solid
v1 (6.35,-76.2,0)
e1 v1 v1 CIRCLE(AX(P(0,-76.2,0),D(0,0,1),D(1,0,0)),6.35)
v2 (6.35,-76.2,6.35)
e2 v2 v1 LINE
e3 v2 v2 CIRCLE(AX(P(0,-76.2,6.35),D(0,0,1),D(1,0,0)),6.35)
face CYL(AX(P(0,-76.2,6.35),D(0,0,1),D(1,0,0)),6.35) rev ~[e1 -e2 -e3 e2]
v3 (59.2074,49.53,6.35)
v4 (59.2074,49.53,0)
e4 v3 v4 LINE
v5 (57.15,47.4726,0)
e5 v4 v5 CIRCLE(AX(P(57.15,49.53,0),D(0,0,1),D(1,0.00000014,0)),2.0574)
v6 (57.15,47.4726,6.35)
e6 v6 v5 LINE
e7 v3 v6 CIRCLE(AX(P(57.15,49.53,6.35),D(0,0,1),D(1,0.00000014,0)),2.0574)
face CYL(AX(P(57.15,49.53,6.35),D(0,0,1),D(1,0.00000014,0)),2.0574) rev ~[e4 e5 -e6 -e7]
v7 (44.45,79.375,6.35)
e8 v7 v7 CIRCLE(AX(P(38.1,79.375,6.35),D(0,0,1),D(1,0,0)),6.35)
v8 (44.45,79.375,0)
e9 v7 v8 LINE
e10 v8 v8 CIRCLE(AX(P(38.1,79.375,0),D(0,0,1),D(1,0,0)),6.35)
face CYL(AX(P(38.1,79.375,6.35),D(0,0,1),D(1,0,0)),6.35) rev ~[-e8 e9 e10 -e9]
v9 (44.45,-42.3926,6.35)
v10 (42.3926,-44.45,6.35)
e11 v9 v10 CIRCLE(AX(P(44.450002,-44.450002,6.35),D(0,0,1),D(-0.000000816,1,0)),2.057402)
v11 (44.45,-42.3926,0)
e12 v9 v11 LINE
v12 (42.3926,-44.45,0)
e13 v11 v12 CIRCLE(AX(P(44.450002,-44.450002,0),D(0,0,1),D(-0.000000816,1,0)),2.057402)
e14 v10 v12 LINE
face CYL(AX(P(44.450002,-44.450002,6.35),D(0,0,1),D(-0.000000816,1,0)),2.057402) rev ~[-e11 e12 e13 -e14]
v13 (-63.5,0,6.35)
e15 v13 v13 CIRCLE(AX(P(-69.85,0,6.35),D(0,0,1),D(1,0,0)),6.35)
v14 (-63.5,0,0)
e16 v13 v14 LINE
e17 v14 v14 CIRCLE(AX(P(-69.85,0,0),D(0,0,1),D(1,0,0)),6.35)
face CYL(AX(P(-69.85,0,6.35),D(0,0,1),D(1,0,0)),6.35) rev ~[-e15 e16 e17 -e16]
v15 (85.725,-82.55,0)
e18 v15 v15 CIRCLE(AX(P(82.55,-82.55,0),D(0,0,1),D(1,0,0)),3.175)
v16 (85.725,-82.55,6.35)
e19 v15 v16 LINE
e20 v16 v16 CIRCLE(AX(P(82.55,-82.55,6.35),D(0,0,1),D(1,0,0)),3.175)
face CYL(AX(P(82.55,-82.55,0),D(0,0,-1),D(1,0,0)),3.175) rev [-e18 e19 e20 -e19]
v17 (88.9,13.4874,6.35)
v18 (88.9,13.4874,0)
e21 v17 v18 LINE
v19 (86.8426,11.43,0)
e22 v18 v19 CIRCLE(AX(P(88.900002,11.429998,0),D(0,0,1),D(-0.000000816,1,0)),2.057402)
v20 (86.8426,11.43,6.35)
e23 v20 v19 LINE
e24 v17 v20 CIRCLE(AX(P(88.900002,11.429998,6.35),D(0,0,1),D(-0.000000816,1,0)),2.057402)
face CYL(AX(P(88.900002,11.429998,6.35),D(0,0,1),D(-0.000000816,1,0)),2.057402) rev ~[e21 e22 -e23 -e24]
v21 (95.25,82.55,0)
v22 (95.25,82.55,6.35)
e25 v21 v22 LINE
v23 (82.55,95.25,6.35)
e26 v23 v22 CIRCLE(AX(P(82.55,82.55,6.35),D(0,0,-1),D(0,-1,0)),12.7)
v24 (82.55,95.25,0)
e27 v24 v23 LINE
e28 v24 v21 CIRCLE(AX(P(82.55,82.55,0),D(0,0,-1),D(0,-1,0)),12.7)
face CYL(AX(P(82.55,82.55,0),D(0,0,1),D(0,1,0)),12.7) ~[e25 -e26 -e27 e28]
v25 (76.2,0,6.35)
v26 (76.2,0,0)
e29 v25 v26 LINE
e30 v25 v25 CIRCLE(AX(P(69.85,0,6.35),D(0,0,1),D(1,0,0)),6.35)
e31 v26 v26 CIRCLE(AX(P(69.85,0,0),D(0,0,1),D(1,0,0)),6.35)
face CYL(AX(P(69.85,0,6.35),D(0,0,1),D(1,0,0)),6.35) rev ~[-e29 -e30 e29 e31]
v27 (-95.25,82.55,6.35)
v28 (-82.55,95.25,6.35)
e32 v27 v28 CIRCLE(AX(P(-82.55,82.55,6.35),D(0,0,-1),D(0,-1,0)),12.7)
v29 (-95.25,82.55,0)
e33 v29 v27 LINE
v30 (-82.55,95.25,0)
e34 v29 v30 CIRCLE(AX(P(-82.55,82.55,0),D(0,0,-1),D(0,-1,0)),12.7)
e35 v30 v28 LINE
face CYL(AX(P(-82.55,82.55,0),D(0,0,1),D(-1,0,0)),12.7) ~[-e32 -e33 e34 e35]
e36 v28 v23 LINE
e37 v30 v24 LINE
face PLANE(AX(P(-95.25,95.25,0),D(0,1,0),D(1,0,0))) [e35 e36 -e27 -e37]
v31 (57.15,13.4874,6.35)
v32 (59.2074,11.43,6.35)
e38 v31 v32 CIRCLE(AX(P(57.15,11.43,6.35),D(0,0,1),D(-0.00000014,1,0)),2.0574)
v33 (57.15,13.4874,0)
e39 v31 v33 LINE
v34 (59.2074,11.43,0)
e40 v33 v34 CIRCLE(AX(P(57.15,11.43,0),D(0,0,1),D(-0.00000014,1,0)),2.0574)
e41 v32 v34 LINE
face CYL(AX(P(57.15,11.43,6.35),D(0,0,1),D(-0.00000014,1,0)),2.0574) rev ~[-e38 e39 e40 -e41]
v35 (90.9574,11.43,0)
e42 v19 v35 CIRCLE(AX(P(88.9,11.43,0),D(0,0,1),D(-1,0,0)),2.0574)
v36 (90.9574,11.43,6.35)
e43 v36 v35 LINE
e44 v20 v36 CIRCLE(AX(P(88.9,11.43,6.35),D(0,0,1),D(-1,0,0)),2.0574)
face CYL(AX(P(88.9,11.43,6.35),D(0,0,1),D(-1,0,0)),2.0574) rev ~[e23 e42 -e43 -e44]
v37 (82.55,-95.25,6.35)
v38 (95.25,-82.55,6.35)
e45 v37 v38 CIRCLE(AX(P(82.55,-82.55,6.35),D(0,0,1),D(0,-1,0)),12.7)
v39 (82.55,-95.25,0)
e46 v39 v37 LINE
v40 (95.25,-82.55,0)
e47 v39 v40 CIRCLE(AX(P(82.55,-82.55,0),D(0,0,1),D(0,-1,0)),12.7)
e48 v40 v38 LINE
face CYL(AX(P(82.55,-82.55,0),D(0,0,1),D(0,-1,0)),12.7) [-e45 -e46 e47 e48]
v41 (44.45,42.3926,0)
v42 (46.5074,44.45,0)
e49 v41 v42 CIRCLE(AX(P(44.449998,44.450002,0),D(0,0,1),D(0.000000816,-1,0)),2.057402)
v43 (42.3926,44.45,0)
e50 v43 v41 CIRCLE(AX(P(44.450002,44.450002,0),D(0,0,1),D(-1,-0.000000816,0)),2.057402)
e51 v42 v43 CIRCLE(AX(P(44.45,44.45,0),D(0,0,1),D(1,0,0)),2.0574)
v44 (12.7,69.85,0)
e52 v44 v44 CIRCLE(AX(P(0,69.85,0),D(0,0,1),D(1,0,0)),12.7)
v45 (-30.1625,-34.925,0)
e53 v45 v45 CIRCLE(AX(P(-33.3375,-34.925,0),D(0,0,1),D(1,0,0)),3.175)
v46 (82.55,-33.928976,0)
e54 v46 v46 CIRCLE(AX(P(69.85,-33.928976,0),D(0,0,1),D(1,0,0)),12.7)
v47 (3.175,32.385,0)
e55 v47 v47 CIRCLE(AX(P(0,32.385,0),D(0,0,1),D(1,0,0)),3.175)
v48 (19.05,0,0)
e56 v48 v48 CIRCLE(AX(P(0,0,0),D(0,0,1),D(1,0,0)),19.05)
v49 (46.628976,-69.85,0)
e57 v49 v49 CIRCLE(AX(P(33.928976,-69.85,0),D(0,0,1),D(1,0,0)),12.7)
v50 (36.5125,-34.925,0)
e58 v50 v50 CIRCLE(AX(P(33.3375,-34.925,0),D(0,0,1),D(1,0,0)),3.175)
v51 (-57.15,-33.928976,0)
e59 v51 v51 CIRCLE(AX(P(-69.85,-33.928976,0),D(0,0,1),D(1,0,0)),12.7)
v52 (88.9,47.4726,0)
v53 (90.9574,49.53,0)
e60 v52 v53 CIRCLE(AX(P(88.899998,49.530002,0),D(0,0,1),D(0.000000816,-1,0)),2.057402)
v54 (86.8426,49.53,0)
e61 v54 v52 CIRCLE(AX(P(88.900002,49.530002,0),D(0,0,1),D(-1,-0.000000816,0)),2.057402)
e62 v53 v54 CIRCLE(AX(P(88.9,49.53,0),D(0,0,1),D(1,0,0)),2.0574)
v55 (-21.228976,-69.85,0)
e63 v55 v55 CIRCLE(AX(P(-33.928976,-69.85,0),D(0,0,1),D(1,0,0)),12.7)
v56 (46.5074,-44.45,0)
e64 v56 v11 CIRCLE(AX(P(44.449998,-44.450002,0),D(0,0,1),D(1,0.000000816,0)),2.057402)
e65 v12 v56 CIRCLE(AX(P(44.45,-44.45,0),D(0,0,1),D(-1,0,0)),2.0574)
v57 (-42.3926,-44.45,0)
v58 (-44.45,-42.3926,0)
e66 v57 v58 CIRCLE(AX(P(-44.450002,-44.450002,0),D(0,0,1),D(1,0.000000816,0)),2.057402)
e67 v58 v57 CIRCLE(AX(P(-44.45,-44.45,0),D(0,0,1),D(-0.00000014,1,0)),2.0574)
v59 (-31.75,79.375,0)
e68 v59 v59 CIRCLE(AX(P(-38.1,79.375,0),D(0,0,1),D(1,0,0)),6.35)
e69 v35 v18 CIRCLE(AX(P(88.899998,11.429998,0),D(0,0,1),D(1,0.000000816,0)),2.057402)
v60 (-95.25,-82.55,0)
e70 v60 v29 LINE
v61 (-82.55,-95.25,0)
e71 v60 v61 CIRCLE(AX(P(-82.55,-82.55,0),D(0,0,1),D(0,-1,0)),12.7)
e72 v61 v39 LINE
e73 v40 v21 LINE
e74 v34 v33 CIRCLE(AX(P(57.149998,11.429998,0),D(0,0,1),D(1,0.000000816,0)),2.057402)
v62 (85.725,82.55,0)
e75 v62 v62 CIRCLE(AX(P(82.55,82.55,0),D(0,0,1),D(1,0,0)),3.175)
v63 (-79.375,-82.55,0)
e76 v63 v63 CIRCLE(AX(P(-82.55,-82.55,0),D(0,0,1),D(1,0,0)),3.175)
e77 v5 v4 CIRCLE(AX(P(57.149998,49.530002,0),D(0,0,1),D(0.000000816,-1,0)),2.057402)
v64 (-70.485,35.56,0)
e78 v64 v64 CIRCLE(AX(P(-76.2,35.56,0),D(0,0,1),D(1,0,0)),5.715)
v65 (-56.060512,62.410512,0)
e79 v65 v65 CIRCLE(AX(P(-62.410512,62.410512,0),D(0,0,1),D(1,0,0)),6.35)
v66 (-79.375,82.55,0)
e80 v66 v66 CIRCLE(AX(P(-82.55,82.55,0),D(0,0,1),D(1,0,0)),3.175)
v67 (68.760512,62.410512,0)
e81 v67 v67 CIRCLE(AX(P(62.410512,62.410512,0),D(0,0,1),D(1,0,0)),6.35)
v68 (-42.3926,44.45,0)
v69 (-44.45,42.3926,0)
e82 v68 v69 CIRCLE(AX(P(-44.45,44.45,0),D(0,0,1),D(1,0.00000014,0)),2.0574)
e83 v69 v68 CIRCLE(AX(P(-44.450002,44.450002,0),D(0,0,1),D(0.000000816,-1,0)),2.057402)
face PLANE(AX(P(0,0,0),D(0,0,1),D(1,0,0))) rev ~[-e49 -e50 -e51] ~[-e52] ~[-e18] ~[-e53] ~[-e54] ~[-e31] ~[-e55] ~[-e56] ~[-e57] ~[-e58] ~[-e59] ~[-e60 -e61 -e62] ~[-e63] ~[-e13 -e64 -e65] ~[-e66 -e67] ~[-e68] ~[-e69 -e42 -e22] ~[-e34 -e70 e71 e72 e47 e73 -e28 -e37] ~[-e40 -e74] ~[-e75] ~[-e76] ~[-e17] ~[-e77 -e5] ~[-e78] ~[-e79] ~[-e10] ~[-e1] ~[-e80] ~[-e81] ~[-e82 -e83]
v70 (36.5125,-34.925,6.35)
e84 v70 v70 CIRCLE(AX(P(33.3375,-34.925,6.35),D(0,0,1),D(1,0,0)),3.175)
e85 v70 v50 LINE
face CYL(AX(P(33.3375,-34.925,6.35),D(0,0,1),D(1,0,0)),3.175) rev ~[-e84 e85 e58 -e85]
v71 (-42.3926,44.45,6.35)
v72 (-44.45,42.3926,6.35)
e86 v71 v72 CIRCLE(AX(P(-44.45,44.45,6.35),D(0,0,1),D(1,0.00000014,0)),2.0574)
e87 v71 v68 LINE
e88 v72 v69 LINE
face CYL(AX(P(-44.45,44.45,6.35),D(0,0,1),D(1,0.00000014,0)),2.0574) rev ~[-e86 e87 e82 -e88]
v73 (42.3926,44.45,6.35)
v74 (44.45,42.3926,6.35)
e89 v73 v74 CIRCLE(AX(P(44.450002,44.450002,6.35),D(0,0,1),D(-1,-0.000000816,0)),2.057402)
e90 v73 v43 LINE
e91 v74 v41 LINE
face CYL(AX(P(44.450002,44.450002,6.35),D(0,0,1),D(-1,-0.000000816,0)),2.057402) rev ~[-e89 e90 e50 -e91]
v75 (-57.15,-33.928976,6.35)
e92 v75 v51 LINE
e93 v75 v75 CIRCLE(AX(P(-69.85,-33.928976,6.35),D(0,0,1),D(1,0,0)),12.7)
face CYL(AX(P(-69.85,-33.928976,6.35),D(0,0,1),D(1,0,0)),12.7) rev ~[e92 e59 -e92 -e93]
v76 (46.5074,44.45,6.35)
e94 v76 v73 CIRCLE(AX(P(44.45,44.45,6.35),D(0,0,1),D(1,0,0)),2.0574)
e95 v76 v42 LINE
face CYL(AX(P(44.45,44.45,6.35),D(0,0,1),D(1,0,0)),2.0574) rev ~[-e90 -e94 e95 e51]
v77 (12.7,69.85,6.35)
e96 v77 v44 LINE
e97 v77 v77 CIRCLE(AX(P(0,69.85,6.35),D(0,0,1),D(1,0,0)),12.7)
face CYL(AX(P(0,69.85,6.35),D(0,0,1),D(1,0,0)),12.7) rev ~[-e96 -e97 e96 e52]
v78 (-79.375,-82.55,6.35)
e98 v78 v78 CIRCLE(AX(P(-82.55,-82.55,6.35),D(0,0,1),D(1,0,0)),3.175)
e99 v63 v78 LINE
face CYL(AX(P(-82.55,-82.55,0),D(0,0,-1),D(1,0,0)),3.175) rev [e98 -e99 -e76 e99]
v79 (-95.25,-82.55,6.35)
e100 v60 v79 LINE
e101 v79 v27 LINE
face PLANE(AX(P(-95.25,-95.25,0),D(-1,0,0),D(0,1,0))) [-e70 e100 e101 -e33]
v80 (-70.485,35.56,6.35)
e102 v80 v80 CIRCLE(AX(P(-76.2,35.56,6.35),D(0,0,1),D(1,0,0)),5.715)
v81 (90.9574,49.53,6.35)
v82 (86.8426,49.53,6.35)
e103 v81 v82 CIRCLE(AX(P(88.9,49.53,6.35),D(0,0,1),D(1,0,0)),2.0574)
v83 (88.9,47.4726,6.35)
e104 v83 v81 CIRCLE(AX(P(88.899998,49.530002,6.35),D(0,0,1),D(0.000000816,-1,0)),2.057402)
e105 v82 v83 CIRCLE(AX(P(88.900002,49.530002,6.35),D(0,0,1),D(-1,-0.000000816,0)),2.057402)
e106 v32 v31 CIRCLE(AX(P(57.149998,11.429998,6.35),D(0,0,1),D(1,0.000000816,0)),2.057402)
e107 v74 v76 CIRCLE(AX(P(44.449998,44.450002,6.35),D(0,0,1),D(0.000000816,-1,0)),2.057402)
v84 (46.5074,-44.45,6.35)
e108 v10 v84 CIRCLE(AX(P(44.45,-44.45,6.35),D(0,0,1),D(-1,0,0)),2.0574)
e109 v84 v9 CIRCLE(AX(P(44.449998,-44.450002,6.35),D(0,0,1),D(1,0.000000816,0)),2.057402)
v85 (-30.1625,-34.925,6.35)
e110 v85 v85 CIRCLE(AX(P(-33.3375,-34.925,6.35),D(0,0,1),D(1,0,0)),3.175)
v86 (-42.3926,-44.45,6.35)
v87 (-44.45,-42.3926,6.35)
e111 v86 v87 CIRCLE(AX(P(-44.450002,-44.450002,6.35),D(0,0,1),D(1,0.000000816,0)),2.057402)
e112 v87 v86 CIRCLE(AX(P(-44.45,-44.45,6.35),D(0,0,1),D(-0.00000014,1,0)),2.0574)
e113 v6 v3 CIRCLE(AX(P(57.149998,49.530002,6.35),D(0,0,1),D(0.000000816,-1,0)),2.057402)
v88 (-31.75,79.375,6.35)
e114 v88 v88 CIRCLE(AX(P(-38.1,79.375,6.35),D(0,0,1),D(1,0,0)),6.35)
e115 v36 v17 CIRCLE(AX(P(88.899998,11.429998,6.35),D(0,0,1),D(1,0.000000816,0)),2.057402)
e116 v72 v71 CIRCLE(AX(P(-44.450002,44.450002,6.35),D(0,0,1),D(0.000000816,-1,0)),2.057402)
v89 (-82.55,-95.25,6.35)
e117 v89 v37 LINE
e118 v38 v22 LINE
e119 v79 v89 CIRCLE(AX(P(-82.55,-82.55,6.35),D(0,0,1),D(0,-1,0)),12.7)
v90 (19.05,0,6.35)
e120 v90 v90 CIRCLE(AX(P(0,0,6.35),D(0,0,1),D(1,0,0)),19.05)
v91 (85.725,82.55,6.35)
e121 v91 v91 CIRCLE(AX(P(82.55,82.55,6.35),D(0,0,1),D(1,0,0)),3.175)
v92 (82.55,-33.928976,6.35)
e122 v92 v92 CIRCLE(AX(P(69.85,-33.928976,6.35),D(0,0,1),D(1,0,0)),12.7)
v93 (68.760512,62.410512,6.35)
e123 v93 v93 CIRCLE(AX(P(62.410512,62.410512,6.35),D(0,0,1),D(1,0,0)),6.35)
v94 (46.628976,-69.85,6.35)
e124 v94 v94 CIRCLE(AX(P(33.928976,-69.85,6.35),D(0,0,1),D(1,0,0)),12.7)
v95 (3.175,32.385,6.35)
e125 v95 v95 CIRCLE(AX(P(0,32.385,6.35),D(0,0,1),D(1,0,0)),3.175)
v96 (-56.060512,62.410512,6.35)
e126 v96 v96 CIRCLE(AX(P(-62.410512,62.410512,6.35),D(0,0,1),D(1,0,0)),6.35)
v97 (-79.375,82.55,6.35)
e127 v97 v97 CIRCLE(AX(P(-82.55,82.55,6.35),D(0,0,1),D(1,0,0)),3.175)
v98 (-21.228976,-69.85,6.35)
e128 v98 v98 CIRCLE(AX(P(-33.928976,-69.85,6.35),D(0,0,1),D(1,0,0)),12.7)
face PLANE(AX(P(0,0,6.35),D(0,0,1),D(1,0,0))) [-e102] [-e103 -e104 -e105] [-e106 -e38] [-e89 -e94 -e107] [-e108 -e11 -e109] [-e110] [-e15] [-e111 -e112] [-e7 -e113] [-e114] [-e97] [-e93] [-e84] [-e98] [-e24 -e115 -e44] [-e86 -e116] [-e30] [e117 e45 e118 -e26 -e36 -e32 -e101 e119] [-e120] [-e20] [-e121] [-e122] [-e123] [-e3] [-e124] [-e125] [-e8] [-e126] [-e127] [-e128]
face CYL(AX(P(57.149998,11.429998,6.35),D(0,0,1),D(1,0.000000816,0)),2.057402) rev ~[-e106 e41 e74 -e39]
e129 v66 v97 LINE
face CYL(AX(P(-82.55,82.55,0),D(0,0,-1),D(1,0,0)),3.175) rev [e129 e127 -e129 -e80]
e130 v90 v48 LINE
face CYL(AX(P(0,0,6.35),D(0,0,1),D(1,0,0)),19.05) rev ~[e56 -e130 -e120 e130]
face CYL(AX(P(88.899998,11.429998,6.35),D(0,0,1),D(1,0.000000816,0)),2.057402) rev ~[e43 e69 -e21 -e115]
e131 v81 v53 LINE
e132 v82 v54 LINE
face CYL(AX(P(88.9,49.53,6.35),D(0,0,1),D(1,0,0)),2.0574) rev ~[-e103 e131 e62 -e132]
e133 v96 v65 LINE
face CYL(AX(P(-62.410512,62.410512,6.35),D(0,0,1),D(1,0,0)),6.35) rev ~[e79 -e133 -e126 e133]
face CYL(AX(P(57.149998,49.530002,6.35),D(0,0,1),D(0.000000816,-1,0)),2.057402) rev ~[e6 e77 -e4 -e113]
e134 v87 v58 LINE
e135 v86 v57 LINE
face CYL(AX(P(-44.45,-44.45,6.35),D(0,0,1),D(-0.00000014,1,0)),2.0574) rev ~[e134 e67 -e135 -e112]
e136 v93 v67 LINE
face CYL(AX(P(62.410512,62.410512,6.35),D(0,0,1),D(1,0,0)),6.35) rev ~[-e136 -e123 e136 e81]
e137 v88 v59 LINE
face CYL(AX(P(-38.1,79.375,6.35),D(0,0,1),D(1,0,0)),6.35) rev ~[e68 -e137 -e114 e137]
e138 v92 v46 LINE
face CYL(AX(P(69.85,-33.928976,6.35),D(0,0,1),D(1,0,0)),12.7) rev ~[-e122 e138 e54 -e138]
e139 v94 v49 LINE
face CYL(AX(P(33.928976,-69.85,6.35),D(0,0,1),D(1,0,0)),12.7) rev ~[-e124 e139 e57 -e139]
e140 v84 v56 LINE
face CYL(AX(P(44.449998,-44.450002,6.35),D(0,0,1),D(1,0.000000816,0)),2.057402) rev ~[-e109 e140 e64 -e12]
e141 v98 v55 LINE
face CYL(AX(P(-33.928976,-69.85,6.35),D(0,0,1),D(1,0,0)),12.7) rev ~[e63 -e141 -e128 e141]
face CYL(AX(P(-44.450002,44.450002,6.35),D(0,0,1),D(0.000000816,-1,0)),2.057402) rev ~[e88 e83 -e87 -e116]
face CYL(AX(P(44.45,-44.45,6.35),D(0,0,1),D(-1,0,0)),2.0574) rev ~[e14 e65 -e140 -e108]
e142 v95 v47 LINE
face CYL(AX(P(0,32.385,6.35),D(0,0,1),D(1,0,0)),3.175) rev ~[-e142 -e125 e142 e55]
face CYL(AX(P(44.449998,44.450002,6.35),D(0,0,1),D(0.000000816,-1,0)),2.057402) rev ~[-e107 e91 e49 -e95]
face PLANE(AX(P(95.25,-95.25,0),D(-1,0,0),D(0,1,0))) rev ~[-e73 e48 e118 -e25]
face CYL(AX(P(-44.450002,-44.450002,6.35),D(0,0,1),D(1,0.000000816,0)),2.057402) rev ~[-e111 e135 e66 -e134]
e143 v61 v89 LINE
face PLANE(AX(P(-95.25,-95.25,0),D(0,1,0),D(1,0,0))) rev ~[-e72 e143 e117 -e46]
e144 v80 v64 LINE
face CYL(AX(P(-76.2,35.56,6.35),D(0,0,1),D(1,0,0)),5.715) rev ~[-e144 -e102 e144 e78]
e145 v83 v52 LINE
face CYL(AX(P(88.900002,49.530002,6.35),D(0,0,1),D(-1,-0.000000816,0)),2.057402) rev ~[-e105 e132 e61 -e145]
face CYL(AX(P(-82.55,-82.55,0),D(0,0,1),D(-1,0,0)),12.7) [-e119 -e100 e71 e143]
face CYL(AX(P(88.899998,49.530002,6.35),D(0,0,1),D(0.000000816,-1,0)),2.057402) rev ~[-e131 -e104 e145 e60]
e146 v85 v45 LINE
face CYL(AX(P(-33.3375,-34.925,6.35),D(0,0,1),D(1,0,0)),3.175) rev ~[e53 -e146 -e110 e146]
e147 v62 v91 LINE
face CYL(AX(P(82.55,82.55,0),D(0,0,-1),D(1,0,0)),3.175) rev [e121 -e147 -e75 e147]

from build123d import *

# Parameters (mm, degrees)
F0_W      = 190.5
F0_H      = 190.5
F0_R      = 3.175
F1_DEPTH  = 6.35
F3_DEPTH  = 6.351
F5_DEPTH  = 6.351
F6_R      = 3.175
F6_R_2    = 19.05
F7_DEPTH  = 6.351
F8_R      = 12.7
F9_R      = 6.35
F9_R_2    = 12.7
F10_DEPTH = 6.351
F11_R     = 12.7
F12_DEPTH = 6.351
F13_R     = 5.715
F13_R_2   = 6.35
F14_DEPTH = 6.351


with BuildPart() as f1:
    # F0 (on Top) → F1 (new body)
    with BuildSketch(Plane.XY):
        Rectangle(F0_W, F0_H)
        with Locations((-82.55, -82.55)):
            Circle(F0_R, mode=Mode.SUBTRACT)
        with Locations((82.55, -82.55)):
            Circle(F0_R, mode=Mode.SUBTRACT)
        with Locations((-82.55, 82.55)):
            Circle(F0_R, mode=Mode.SUBTRACT)
        with Locations((82.55, 82.55)):
            Circle(F0_R, mode=Mode.SUBTRACT)
    extrude(amount=F1_DEPTH)

    # F2 (on face) → F3 (cut, through all)
    with BuildSketch(Plane.XY.offset(6.35)):
        with BuildLine():
            Line((57.15, 47.4726), (57.15, 49.53))
            Line((57.15, 49.53), (59.2074, 49.53))
            ThreePointArc((59.2074, 49.53), (55.695199, 50.984801), (57.15, 47.4726))
        make_face()
        with BuildLine():
            Line((59.2074, 49.53), (57.15, 49.53))
            Line((57.15, 49.53), (57.15, 47.4726))
            ThreePointArc((57.15, 47.4726), (58.604801, 48.075199), (59.2074, 49.53))
        make_face()
        with BuildLine():
            Line((88.9, 49.53), (86.8426, 49.53))
            ThreePointArc((86.8426, 49.53), (87.445199, 48.075199), (88.9, 47.4726))
            Line((88.9, 47.4726), (88.9, 49.53))
        make_face()
        with BuildLine():
            ThreePointArc((90.9574, 49.53), (88.9, 51.5874), (86.8426, 49.53))
            Line((86.8426, 49.53), (88.9, 49.53))
            Line((88.9, 49.53), (88.9, 47.4726))
            ThreePointArc((88.9, 47.4726), (90.354801, 48.075199), (90.9574, 49.53))
        make_face()
        with BuildLine():
            ThreePointArc((59.2074, 11.43), (58.604801, 12.884801), (57.15, 13.4874))
            Line((57.15, 13.4874), (57.15, 11.43))
            Line((57.15, 11.43), (59.2074, 11.43))
        make_face()
        with BuildLine():
            Line((57.15, 11.43), (57.15, 13.4874))
            ThreePointArc((57.15, 13.4874), (55.695199, 9.975199), (59.2074, 11.43))
            Line((59.2074, 11.43), (57.15, 11.43))
        make_face()
        with BuildLine():
            Line((88.9, 11.43), (88.9, 13.4874))
            ThreePointArc((88.9, 13.4874), (87.445199, 12.884801), (86.8426, 11.43))
            Line((86.8426, 11.43), (88.9, 11.43))
        make_face()
        with BuildLine():
            ThreePointArc((90.9574, 11.43), (90.354801, 12.884801), (88.9, 13.4874))
            Line((88.9, 13.4874), (88.9, 11.43))
            Line((88.9, 11.43), (86.8426, 11.43))
            ThreePointArc((86.8426, 11.43), (88.9, 9.3726), (90.9574, 11.43))
        make_face()
    extrude(amount=-F3_DEPTH, mode=Mode.SUBTRACT)

    # F4 (on face) → F5 (cut, through all)
    with BuildSketch(Plane.XY.offset(6.35)):
        with BuildLine():
            Line((-44.45, -42.3926), (-44.45, -44.45))
            Line((-44.45, -44.45), (-42.3926, -44.45))
            ThreePointArc((-42.3926, -44.45), (-42.995199, -42.995199), (-44.45, -42.3926))
        make_face()
        with BuildLine():
            Line((-42.3926, -44.45), (-44.45, -44.45))
            Line((-44.45, -44.45), (-44.45, -42.3926))
            ThreePointArc((-44.45, -42.3926), (-45.904801, -45.904801), (-42.3926, -44.45))
        make_face()
        with BuildLine():
            ThreePointArc((44.45, -42.3926), (42.995199, -42.995199), (42.3926, -44.45))
            Line((42.3926, -44.45), (44.45, -44.45))
            Line((44.45, -44.45), (44.45, -42.3926))
        make_face()
        with BuildLine():
            Line((44.45, -44.45), (42.3926, -44.45))
            ThreePointArc((42.3926, -44.45), (44.45, -46.5074), (46.5074, -44.45))
            ThreePointArc((46.5074, -44.45), (45.904801, -42.995199), (44.45, -42.3926))
            Line((44.45, -42.3926), (44.45, -44.45))
        make_face()
        with BuildLine():
            ThreePointArc((-42.3926, 44.45), (-45.904801, 45.904801), (-44.45, 42.3926))
            Line((-44.45, 42.3926), (-44.45, 44.45))
            Line((-44.45, 44.45), (-42.3926, 44.45))
        make_face()
        with BuildLine():
            Line((-44.45, 44.45), (-44.45, 42.3926))
            ThreePointArc((-44.45, 42.3926), (-42.995199, 42.995199), (-42.3926, 44.45))
            Line((-42.3926, 44.45), (-44.45, 44.45))
        make_face()
        with BuildLine():
            ThreePointArc((42.3926, 44.45), (42.995199, 42.995199), (44.45, 42.3926))
            Line((44.45, 42.3926), (44.45, 44.45))
            Line((44.45, 44.45), (42.3926, 44.45))
        make_face()
        with BuildLine():
            Line((44.45, 44.45), (44.45, 42.3926))
            ThreePointArc((44.45, 42.3926), (45.904801, 42.995199), (46.5074, 44.45))
            ThreePointArc((46.5074, 44.45), (44.45, 46.5074), (42.3926, 44.45))
            Line((42.3926, 44.45), (44.45, 44.45))
        make_face()
    extrude(amount=-F5_DEPTH, mode=Mode.SUBTRACT)

    # F6 (on face) → F7 (cut, through all)
    with BuildSketch(Plane.XY.offset(6.35)):
        with Locations((-33.3375, -34.925)):
            Circle(F6_R)
        with Locations((33.3375, -34.925)):
            Circle(F6_R)
        with Locations((0, 32.385)):
            Circle(F6_R)
        Circle(F6_R_2)
    extrude(amount=-F7_DEPTH, mode=Mode.SUBTRACT)

    # F8
    f8_edges = [f1.edges().sort_by_distance(p)[0] for p in [
        (-95.25, 95.25, 3.175),
        (95.25, 95.25, 3.175),
        (95.25, -95.25, 3.175),
        (-95.25, -95.25, 3.175),
    ]]
    fillet(f8_edges, radius=F8_R)

    # F9 (on face) → F10 (cut, through all)
    with BuildSketch(Plane.XY.offset(6.35)):
        with Locations((62.410512, 62.410512)):
            Circle(F9_R)
        with Locations((0, 69.85)):
            Circle(F9_R_2)
        with Locations((-62.410512, 62.410512)):
            Circle(F9_R)
        with Locations((69.85, 0)):
            Circle(F9_R)
        with Locations((-69.85, 0)):
            Circle(F9_R)
    extrude(amount=-F10_DEPTH, mode=Mode.SUBTRACT)

    # F11 (on face) → F12 (cut, through all)
    with BuildSketch(Plane.XY.offset(6.35)):
        with Locations((-69.85, -33.928976)):
            Circle(F11_R)
        with Locations((-33.928976, -69.85)):
            Circle(F11_R)
        with Locations((69.85, -33.928976)):
            Circle(F11_R)
        with Locations((33.928976, -69.85)):
            Circle(F11_R)
    extrude(amount=-F12_DEPTH, mode=Mode.SUBTRACT)

    # F13 (on face) → F14 (cut, through all)
    with BuildSketch(Plane.XY.offset(6.35)):
        with Locations((-76.2, 35.56)):
            Circle(F13_R)
        with Locations((-38.1, 79.375)):
            Circle(F13_R_2)
        with Locations((38.1, 79.375)):
            Circle(F13_R_2)
        with Locations((0, -76.2)):
            Circle(F13_R_2)
    extrude(amount=-F14_DEPTH, mode=Mode.SUBTRACT)


solid = f1.part
